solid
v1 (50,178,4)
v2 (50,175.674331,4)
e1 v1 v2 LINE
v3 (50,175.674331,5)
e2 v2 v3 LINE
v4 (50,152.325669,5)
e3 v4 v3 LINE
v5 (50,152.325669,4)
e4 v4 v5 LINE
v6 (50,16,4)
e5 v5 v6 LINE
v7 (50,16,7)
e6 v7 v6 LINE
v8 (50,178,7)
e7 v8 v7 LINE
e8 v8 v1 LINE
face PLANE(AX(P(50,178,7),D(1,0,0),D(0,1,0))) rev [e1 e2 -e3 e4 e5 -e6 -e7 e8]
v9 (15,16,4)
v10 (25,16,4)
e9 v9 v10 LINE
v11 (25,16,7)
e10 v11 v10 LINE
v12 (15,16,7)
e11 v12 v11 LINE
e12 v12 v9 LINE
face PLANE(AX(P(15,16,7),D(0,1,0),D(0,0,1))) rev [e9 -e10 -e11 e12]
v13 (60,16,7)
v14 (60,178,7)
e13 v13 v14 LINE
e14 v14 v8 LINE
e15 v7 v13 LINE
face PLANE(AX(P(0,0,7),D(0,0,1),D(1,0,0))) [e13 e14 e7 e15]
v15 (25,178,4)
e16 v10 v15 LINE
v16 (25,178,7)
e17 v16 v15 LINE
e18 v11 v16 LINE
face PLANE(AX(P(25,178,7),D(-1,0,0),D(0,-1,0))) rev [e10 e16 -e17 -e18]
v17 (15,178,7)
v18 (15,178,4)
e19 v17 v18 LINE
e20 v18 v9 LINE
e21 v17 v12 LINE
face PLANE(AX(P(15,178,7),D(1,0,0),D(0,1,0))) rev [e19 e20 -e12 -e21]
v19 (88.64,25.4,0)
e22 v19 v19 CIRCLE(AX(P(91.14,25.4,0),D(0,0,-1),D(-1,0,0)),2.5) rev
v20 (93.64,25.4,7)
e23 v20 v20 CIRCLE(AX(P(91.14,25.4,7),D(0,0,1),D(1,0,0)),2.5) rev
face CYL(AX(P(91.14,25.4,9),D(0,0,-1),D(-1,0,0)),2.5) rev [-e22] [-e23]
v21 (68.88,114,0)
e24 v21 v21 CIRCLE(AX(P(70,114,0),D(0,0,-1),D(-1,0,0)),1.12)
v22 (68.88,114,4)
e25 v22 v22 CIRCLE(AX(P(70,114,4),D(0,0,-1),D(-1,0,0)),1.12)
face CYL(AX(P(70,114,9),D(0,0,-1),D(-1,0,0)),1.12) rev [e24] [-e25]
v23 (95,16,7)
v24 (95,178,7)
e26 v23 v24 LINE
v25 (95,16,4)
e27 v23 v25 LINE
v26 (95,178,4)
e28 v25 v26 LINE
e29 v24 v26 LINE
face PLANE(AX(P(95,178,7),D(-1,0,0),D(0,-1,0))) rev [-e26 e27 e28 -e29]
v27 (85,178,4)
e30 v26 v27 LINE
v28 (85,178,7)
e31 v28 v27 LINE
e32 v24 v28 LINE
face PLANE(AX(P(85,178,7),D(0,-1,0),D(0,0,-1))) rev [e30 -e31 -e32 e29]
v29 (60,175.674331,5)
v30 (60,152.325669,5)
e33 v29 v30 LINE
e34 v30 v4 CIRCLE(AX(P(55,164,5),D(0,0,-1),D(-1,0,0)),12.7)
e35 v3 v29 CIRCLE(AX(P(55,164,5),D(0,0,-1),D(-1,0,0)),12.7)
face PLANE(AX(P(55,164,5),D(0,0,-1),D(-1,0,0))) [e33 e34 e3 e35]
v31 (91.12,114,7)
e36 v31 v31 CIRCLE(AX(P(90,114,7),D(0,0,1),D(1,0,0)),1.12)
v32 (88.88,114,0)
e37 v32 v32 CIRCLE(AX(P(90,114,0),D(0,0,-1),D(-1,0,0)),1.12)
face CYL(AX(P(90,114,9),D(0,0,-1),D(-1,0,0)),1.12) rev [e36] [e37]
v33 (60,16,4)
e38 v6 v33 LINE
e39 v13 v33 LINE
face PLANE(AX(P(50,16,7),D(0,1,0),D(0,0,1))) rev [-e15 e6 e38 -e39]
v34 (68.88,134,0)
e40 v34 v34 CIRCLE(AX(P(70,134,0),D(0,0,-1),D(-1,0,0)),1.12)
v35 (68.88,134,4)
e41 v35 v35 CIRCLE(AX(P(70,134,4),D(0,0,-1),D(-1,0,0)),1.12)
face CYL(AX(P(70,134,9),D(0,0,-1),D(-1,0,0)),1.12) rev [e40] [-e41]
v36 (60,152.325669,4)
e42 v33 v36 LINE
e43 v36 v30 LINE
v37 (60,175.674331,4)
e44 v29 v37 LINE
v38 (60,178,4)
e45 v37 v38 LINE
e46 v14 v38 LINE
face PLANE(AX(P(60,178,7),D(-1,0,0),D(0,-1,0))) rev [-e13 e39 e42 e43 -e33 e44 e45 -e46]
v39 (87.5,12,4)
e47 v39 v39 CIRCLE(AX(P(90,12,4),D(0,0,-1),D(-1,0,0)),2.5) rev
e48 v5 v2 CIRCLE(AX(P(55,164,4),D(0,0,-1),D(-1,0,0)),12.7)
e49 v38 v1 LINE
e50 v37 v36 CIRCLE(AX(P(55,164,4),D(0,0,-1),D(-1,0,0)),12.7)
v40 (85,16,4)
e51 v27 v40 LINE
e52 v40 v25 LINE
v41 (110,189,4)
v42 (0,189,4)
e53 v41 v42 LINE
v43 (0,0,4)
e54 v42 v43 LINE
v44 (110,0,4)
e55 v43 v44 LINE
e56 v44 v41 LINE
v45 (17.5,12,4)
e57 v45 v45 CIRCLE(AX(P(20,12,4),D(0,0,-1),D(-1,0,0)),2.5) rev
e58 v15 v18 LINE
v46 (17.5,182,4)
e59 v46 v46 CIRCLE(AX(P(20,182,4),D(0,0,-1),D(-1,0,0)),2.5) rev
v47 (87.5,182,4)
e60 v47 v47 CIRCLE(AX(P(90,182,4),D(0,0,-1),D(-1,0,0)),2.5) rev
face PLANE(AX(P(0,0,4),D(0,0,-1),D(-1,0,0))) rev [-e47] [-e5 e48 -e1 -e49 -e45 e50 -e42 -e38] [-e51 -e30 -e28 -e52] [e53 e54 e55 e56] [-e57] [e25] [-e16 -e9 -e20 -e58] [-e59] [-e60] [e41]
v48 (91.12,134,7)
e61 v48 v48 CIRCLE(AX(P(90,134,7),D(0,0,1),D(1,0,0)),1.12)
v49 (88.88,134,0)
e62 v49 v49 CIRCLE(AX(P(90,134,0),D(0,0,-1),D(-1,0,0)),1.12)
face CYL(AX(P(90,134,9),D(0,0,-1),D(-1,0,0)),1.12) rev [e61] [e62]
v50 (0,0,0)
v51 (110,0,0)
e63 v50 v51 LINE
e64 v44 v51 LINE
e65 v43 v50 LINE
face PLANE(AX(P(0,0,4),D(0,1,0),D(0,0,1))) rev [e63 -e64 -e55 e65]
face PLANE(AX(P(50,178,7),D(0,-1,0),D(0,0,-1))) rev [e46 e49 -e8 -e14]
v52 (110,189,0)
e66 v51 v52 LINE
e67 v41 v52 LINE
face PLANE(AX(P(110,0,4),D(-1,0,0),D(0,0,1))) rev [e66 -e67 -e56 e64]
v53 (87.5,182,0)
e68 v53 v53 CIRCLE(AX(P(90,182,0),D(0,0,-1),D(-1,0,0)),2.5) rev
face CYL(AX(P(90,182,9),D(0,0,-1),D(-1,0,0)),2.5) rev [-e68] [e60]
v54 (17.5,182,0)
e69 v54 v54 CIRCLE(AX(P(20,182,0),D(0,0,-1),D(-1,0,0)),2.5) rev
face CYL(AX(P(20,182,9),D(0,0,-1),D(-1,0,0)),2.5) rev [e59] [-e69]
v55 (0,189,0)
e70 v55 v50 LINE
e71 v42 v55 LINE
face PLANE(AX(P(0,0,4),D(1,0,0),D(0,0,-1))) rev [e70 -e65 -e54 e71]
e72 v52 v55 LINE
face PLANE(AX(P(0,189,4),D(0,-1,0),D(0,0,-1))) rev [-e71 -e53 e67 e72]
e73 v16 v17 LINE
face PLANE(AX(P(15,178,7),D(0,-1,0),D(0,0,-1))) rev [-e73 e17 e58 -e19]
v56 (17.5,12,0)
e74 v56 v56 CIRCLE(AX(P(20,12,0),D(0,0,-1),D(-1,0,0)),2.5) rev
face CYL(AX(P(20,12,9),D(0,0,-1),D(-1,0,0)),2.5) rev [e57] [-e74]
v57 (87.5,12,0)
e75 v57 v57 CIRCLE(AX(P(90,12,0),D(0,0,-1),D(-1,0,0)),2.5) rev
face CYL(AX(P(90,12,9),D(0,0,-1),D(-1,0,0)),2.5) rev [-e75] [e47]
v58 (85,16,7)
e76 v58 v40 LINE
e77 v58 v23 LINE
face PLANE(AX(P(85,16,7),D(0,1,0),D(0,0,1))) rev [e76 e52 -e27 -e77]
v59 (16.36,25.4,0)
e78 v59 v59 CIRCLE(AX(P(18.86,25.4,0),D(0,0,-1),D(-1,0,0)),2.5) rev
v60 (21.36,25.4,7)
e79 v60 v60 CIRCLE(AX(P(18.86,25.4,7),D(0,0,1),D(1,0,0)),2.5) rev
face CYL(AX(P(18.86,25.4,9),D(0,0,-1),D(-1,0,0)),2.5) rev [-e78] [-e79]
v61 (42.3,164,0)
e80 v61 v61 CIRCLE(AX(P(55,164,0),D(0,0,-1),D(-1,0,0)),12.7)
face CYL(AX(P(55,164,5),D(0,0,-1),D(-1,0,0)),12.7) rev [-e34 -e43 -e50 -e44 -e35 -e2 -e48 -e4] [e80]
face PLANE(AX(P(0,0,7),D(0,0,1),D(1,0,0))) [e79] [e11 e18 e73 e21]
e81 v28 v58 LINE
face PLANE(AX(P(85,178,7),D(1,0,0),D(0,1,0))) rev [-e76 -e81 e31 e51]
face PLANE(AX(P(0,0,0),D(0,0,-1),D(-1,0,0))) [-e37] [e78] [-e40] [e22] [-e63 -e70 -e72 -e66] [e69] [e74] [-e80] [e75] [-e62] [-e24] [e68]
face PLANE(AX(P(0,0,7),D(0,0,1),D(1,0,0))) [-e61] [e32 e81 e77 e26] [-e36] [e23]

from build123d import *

# Parameters (mm, degrees)
SKETCH1_W               = 110
SKETCH1_H               = 189
BOSS_EXTRUDE1_DEPTH     = 4
SKETCH3_W               = 10
SKETCH3_H               = 162
BOSS_EXTRUDE2_DEPTH     = 3
CUT_EXTRUDE1_DEPTH      = 5
CUT_EXTRUDE1_DEPTH_BACK = 146
SKETCH2_R               = 2.5
SKETCH2_R_2             = 1.12
SKETCH4_R               = 12.7
CUT_EXTRUDE2_DEPTH      = 5


with BuildPart() as part:
    # Sketch1 → Boss-Extrude1 (new body)
    with BuildSketch(Plane.XY):
        with Locations((55, 94.5)):
            Rectangle(SKETCH1_W, SKETCH1_H)
    extrude(amount=BOSS_EXTRUDE1_DEPTH)

    # Sketch3 → Boss-Extrude2 (add)
    with BuildSketch(Plane.XY.offset(4)):
        with Locations((55, 97)):
            Rectangle(SKETCH3_W, SKETCH3_H)
        with Locations((20, 97)):
            Rectangle(SKETCH3_W, SKETCH3_H)
        with Locations((90, 97)):
            Rectangle(SKETCH3_W, SKETCH3_H)
    extrude(amount=BOSS_EXTRUDE2_DEPTH)

    # Sketch2 → Cut-Extrude1 (cut, two sides: drawn at the far end of the back side and taken through both)
    with BuildSketch(Plane.XY.offset(4).offset(-CUT_EXTRUDE1_DEPTH_BACK)):
        with Locations(Location((20, 12, 0), (0, 0, 180))):
            Circle(SKETCH2_R)
        with Locations(Location((90, 12, 0), (0, 0, 180))):
            Circle(SKETCH2_R)
        with Locations(Location((18.86, 25.4, 0), (0, 0, 180))):
            Circle(SKETCH2_R)
        with Locations(Location((91.14, 25.4, 0), (0, 0, 180))):
            Circle(SKETCH2_R)
        with Locations(Location((20, 182, 0), (0, 0, 180))):
            Circle(SKETCH2_R)
        with Locations(Location((90, 182, 0), (0, 0, 180))):
            Circle(SKETCH2_R)
        with Locations(Location((70, 134, 0), (0, 0, 180))):
            Circle(SKETCH2_R_2)
        with Locations(Location((90, 134, 0), (0, 0, 180))):
            Circle(SKETCH2_R_2)
        with Locations(Location((90, 114, 0), (0, 0, 180))):
            Circle(SKETCH2_R_2)
        with Locations(Location((70, 114, 0), (0, 0, 180))):
            Circle(SKETCH2_R_2)
    extrude(amount=CUT_EXTRUDE1_DEPTH + CUT_EXTRUDE1_DEPTH_BACK, mode=Mode.SUBTRACT)

    # Sketch4 → Cut-Extrude2 (cut)
    with BuildSketch(Plane(origin=(0, 0, 0), x_dir=(-1, 0, 0), z_dir=(0, 0, -1))):
        with Locations((-55, 164)):
            Circle(SKETCH4_R)
    extrude(amount=-CUT_EXTRUDE2_DEPTH, mode=Mode.SUBTRACT)


solid = part.part
